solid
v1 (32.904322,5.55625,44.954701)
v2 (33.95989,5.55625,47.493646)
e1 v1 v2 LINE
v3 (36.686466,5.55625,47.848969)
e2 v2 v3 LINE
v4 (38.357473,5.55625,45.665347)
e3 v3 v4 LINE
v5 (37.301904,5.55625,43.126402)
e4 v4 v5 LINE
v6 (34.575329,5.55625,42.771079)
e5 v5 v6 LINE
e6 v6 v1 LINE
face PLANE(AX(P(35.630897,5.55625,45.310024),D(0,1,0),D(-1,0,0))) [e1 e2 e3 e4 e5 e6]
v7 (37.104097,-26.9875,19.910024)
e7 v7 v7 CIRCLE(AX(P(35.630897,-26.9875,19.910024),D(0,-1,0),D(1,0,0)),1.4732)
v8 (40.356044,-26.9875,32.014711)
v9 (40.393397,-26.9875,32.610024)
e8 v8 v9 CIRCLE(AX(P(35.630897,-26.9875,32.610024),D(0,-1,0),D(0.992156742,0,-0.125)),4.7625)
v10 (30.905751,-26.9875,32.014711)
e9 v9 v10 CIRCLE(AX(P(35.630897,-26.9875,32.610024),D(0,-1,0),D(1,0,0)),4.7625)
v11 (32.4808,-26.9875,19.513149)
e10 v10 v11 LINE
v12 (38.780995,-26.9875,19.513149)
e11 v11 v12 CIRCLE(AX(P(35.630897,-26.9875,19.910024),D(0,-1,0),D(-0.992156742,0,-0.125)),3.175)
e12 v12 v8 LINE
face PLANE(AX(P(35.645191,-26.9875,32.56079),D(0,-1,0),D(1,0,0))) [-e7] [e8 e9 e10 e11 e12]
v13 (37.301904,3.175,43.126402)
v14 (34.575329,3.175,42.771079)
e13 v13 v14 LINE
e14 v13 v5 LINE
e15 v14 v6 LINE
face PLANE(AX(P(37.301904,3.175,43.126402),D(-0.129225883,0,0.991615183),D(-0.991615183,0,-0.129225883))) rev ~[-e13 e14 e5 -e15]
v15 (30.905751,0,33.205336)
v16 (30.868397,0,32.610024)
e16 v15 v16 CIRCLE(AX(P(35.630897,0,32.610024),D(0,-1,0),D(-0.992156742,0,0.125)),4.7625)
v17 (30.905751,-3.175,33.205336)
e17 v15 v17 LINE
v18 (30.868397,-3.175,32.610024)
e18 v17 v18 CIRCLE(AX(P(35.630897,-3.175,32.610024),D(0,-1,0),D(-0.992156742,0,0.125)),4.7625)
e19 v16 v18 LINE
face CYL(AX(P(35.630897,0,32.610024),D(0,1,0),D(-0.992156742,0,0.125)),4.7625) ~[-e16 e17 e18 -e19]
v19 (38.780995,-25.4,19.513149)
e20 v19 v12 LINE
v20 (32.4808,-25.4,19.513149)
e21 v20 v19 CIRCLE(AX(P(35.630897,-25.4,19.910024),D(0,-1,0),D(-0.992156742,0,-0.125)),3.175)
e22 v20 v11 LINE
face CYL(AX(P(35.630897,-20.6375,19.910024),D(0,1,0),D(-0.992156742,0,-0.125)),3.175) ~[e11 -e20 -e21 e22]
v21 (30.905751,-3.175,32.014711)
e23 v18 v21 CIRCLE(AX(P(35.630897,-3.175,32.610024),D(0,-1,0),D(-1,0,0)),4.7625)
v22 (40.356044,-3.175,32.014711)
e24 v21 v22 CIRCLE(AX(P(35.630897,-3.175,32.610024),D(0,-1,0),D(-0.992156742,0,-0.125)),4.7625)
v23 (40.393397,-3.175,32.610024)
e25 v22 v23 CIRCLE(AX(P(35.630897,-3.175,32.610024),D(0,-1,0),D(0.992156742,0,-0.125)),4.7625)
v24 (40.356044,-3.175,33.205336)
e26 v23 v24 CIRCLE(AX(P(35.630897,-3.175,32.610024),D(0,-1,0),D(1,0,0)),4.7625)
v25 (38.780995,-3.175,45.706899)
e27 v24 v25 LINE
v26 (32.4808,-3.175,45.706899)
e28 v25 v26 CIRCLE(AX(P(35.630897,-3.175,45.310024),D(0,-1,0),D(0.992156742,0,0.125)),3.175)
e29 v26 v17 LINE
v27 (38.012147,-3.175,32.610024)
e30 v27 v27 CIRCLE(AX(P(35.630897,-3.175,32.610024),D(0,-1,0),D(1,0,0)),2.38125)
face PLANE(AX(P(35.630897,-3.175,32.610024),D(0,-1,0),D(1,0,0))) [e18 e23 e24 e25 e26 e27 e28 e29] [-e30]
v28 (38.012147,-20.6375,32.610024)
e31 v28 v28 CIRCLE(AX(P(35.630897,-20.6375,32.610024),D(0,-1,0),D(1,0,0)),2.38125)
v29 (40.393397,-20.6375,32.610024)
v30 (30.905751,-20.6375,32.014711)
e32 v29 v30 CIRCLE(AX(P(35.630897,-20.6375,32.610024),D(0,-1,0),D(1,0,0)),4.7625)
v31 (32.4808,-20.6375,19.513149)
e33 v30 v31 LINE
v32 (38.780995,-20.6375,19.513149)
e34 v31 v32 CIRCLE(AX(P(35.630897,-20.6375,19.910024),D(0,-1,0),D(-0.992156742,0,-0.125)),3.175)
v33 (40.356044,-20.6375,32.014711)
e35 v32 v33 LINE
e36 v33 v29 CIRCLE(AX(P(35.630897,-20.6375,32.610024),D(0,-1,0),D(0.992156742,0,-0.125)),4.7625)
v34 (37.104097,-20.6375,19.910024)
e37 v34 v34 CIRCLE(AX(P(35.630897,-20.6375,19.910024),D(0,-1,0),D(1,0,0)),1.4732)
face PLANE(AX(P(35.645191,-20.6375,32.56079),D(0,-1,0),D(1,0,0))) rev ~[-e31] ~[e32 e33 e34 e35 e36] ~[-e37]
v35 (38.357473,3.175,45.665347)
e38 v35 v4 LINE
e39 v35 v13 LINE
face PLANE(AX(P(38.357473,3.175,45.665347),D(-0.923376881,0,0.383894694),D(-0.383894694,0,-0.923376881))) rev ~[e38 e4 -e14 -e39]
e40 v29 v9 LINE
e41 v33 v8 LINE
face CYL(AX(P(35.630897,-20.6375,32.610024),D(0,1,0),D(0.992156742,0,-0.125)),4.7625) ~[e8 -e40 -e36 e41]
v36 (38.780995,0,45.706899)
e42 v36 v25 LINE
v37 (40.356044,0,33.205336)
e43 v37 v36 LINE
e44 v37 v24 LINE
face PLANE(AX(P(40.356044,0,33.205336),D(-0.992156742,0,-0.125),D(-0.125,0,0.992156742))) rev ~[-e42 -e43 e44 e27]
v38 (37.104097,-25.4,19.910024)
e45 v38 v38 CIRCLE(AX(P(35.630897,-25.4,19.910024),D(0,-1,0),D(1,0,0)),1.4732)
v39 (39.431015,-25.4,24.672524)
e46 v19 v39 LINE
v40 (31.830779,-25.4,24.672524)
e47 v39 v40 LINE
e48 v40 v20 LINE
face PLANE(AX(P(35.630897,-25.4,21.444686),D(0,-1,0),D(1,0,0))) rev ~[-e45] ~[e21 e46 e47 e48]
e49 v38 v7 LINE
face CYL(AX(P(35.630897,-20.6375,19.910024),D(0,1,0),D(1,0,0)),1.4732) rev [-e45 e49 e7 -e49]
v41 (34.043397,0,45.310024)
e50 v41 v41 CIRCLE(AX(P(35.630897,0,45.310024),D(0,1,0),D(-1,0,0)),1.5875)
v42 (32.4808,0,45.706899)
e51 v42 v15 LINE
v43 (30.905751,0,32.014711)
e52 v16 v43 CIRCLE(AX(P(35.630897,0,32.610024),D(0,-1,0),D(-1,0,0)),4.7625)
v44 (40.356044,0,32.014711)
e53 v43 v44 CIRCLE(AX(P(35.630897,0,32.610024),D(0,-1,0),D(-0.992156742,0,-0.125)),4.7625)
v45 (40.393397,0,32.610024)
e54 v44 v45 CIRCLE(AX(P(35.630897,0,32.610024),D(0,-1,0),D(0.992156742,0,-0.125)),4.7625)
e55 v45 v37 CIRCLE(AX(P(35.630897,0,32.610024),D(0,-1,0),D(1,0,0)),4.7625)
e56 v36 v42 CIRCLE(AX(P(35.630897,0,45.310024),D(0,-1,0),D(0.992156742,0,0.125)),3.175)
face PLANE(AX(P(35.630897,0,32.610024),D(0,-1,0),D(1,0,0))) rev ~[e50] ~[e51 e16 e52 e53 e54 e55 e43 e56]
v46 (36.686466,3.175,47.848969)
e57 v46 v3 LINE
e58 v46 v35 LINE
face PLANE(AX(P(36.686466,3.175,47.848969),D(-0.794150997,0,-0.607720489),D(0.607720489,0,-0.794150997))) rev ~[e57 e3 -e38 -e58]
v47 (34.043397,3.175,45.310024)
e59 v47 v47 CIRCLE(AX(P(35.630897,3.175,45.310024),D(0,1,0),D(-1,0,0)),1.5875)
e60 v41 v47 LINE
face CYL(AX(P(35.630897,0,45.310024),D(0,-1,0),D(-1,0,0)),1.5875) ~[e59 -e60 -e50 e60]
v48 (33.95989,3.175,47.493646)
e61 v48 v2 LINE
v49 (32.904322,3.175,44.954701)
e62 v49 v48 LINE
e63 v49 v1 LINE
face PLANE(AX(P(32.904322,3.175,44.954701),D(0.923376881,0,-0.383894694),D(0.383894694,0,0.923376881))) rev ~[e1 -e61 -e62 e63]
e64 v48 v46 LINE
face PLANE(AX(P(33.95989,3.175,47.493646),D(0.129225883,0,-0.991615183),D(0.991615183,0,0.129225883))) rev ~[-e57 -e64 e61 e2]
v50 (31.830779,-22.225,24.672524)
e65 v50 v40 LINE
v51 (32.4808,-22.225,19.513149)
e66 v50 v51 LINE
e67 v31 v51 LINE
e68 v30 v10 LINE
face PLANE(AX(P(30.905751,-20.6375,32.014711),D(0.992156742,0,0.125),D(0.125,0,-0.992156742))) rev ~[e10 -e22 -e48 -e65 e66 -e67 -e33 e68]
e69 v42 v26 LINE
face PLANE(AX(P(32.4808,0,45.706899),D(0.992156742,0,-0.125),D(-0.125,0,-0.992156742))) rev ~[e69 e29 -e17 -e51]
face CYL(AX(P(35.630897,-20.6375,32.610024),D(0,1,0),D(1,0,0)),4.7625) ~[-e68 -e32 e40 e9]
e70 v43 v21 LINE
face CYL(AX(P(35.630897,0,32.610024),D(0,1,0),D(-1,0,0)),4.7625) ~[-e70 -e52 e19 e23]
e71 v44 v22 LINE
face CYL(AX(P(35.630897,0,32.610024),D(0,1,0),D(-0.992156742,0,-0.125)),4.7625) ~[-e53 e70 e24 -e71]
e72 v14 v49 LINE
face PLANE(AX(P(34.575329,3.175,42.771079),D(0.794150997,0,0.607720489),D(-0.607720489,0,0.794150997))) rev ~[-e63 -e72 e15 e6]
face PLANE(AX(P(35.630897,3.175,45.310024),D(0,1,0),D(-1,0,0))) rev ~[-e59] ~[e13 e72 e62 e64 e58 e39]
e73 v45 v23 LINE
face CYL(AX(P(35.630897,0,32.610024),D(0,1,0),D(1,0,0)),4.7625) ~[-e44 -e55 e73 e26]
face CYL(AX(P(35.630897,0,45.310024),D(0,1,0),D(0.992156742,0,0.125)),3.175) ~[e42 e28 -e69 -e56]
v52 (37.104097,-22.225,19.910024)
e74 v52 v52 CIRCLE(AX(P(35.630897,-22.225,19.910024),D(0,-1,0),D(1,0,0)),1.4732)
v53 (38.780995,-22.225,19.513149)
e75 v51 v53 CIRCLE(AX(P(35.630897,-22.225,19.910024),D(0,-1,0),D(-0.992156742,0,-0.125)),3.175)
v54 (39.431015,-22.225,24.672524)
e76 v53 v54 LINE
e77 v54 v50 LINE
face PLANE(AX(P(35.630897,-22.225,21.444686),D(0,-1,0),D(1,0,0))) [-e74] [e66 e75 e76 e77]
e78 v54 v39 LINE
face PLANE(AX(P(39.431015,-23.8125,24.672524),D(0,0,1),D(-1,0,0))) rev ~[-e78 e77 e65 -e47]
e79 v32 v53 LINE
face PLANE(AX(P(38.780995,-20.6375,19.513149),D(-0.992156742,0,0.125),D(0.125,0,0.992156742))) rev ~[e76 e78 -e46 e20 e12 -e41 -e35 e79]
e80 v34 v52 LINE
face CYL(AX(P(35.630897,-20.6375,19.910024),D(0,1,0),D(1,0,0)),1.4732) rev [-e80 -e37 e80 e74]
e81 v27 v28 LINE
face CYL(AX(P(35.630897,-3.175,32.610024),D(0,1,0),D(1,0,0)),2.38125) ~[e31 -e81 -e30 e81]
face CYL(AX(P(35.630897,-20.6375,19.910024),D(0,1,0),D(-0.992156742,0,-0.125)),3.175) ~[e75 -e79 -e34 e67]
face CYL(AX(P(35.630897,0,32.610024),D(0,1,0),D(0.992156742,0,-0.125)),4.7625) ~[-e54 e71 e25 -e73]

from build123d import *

# Parameters (mm, degrees)
F0_R      = 1.4732
F1_DEPTH  = 3.175
F2_R      = 1.5875
F3_DEPTH  = 3.175
F5_DEPTH  = 2.38125
F6_R      = 2.38125
F7_DEPTH  = 17.4625
F8_R      = 1.4732
F9_DEPTH  = 6.35
F11_R     = 1.4732
F12_DEPTH = 1.5875


with BuildPart() as f1:
    # F0 (on Front) → F1 (new body)
    with BuildSketch(Plane.XZ):
        with BuildLine():
            ThreePointArc((30.9057507299, 33.2053364545), (30.8777447649, 32.9082655755), (30.868397212, 32.6100239545))
            ThreePointArc((30.868397212, 32.6100239545), (30.8777447649, 32.3117823335), (30.9057507299, 32.0147114545))
            ThreePointArc((30.9057507299, 32.0147114545), (35.630897212, 27.8475239545), (40.3560436941, 32.0147114545))
            ThreePointArc((40.3560436941, 32.0147114545), (40.3840496591, 32.3117823335), (40.393397212, 32.6100239545))
            ThreePointArc((40.393397212, 32.6100239545), (40.3840496591, 32.9082655755), (40.3560436941, 33.2053364545))
            ThreePointArc((40.3560436941, 33.2053364545), (35.630897212, 37.3725239545), (30.9057507299, 33.2053364545))
        make_face()
        with BuildLine():
            Line((32.4807995573, 45.7068989545), (30.9057507299, 33.2053364545))
            ThreePointArc((30.9057507299, 33.2053364545), (35.630897212, 37.3725239545), (40.3560436941, 33.2053364545))
            Line((40.3560436941, 33.2053364545), (38.7809948668, 45.7068989545))
            ThreePointArc((38.7809948668, 45.7068989545), (38.7996655101, 45.5088517018), (38.805897212, 45.3100239545))
            ThreePointArc((38.805897212, 45.3100239545), (35.4320694647, 42.1412556564), (32.4807995573, 45.7068989545))
        make_face()
        with BuildLine():
            ThreePointArc((38.7809948668, 45.7068989545), (35.630897212, 48.4850239545), (32.4807995573, 45.7068989545))
            ThreePointArc((32.4807995573, 45.7068989545), (35.4320694647, 42.1412556564), (38.805897212, 45.3100239545))
            ThreePointArc((38.805897212, 45.3100239545), (38.7996655101, 45.5088517018), (38.7809948668, 45.7068989545))
        make_face()
        with Locations((35.630897212, 45.3100239545)):
            Circle(F0_R, mode=Mode.SUBTRACT)
        with Locations((35.630897212, 45.3100239545)):
            Circle(F0_R)
    extrude(amount=F1_DEPTH)

    # F2 (on face) → F3 (join)
    with BuildSketch(Plane(origin=(0, 0, 0), x_dir=(-1, 0, 0), z_dir=(0, 1, 0))):
        with Locations((-35.630897212, 45.3100239545)):
            Circle(F2_R)
    extrude(amount=F3_DEPTH)

    # F4 (on face) → F5 (join)
    with BuildSketch(Plane(origin=(0, 3.175, 0), x_dir=(-1, 0, 0), z_dir=(0, 1, 0))):
        Polygon((-34.5753285935, 42.7710785747), (-32.904321705, 44.9547005036), (-33.9598903235, 47.4936458835), (-36.6864658305, 47.8489693343), (-38.357472719, 45.6653474054), (-37.3019041005, 43.1264020256), align=None)
    extrude(amount=F5_DEPTH)

    # F6 (on face) → F7 (join)
    with BuildSketch(Plane.XZ.offset(3.175)):
        with Locations((35.630897212, 32.6100239545)):
            Circle(F6_R)
    extrude(amount=F7_DEPTH)

    # F8 (on face) → F9 (join)
    with BuildSketch(Plane.XZ.offset(20.6375)):
        with BuildLine():
            ThreePointArc((40.3560436941, 32.0147114545), (40.3840496591, 32.3117823335), (40.393397212, 32.6100239545))
            ThreePointArc((40.393397212, 32.6100239545), (35.332655591, 37.3631764016), (30.9057507299, 32.0147114545))
            ThreePointArc((30.9057507299, 32.0147114545), (35.630897212, 27.8475239545), (40.3560436941, 32.0147114545))
        make_face()
        with BuildLine():
            ThreePointArc((40.3560436941, 32.0147114545), (35.630897212, 27.8475239545), (30.9057507299, 32.0147114545))
            Line((30.9057507299, 32.0147114545), (32.4807995573, 19.5131489545))
            ThreePointArc((32.4807995573, 19.5131489545), (35.4320694647, 23.0787922526), (38.805897212, 19.9100239545))
            ThreePointArc((38.805897212, 19.9100239545), (38.7996655101, 19.7111962072), (38.7809948668, 19.5131489545))
            Line((38.7809948668, 19.5131489545), (40.3560436941, 32.0147114545))
        make_face()
        with BuildLine():
            ThreePointArc((38.805897212, 19.9100239545), (35.4320694647, 23.0787922526), (32.4807995573, 19.5131489545))
            ThreePointArc((32.4807995573, 19.5131489545), (35.630897212, 16.7350239545), (38.7809948668, 19.5131489545))
            ThreePointArc((38.7809948668, 19.5131489545), (38.7996655101, 19.7111962072), (38.805897212, 19.9100239545))
        make_face()
        with Locations((35.630897212, 19.9100239545)):
            Circle(F8_R, mode=Mode.SUBTRACT)
    extrude(amount=F9_DEPTH)

    # F11 (on offset) → F12 (cut, symmetric)
    with BuildSketch(Plane.XZ.offset(23.8125)):
        with BuildLine():
            Line((38.7809948668, 19.5131489545), (39.4310150177, 24.6725239545))
            Line((39.4310150177, 24.6725239545), (31.8307794063, 24.6725239545))
            Line((31.8307794063, 24.6725239545), (32.4807995573, 19.5131489545))
            ThreePointArc((32.4807995573, 19.5131489545), (35.630897212, 16.7350239545), (38.7809948668, 19.5131489545))
        make_face()
        with Locations((35.630897212, 19.9100239545)):
            Circle(F11_R, mode=Mode.SUBTRACT)
    extrude(amount=F12_DEPTH, both=True, mode=Mode.SUBTRACT)


solid = f1.part
